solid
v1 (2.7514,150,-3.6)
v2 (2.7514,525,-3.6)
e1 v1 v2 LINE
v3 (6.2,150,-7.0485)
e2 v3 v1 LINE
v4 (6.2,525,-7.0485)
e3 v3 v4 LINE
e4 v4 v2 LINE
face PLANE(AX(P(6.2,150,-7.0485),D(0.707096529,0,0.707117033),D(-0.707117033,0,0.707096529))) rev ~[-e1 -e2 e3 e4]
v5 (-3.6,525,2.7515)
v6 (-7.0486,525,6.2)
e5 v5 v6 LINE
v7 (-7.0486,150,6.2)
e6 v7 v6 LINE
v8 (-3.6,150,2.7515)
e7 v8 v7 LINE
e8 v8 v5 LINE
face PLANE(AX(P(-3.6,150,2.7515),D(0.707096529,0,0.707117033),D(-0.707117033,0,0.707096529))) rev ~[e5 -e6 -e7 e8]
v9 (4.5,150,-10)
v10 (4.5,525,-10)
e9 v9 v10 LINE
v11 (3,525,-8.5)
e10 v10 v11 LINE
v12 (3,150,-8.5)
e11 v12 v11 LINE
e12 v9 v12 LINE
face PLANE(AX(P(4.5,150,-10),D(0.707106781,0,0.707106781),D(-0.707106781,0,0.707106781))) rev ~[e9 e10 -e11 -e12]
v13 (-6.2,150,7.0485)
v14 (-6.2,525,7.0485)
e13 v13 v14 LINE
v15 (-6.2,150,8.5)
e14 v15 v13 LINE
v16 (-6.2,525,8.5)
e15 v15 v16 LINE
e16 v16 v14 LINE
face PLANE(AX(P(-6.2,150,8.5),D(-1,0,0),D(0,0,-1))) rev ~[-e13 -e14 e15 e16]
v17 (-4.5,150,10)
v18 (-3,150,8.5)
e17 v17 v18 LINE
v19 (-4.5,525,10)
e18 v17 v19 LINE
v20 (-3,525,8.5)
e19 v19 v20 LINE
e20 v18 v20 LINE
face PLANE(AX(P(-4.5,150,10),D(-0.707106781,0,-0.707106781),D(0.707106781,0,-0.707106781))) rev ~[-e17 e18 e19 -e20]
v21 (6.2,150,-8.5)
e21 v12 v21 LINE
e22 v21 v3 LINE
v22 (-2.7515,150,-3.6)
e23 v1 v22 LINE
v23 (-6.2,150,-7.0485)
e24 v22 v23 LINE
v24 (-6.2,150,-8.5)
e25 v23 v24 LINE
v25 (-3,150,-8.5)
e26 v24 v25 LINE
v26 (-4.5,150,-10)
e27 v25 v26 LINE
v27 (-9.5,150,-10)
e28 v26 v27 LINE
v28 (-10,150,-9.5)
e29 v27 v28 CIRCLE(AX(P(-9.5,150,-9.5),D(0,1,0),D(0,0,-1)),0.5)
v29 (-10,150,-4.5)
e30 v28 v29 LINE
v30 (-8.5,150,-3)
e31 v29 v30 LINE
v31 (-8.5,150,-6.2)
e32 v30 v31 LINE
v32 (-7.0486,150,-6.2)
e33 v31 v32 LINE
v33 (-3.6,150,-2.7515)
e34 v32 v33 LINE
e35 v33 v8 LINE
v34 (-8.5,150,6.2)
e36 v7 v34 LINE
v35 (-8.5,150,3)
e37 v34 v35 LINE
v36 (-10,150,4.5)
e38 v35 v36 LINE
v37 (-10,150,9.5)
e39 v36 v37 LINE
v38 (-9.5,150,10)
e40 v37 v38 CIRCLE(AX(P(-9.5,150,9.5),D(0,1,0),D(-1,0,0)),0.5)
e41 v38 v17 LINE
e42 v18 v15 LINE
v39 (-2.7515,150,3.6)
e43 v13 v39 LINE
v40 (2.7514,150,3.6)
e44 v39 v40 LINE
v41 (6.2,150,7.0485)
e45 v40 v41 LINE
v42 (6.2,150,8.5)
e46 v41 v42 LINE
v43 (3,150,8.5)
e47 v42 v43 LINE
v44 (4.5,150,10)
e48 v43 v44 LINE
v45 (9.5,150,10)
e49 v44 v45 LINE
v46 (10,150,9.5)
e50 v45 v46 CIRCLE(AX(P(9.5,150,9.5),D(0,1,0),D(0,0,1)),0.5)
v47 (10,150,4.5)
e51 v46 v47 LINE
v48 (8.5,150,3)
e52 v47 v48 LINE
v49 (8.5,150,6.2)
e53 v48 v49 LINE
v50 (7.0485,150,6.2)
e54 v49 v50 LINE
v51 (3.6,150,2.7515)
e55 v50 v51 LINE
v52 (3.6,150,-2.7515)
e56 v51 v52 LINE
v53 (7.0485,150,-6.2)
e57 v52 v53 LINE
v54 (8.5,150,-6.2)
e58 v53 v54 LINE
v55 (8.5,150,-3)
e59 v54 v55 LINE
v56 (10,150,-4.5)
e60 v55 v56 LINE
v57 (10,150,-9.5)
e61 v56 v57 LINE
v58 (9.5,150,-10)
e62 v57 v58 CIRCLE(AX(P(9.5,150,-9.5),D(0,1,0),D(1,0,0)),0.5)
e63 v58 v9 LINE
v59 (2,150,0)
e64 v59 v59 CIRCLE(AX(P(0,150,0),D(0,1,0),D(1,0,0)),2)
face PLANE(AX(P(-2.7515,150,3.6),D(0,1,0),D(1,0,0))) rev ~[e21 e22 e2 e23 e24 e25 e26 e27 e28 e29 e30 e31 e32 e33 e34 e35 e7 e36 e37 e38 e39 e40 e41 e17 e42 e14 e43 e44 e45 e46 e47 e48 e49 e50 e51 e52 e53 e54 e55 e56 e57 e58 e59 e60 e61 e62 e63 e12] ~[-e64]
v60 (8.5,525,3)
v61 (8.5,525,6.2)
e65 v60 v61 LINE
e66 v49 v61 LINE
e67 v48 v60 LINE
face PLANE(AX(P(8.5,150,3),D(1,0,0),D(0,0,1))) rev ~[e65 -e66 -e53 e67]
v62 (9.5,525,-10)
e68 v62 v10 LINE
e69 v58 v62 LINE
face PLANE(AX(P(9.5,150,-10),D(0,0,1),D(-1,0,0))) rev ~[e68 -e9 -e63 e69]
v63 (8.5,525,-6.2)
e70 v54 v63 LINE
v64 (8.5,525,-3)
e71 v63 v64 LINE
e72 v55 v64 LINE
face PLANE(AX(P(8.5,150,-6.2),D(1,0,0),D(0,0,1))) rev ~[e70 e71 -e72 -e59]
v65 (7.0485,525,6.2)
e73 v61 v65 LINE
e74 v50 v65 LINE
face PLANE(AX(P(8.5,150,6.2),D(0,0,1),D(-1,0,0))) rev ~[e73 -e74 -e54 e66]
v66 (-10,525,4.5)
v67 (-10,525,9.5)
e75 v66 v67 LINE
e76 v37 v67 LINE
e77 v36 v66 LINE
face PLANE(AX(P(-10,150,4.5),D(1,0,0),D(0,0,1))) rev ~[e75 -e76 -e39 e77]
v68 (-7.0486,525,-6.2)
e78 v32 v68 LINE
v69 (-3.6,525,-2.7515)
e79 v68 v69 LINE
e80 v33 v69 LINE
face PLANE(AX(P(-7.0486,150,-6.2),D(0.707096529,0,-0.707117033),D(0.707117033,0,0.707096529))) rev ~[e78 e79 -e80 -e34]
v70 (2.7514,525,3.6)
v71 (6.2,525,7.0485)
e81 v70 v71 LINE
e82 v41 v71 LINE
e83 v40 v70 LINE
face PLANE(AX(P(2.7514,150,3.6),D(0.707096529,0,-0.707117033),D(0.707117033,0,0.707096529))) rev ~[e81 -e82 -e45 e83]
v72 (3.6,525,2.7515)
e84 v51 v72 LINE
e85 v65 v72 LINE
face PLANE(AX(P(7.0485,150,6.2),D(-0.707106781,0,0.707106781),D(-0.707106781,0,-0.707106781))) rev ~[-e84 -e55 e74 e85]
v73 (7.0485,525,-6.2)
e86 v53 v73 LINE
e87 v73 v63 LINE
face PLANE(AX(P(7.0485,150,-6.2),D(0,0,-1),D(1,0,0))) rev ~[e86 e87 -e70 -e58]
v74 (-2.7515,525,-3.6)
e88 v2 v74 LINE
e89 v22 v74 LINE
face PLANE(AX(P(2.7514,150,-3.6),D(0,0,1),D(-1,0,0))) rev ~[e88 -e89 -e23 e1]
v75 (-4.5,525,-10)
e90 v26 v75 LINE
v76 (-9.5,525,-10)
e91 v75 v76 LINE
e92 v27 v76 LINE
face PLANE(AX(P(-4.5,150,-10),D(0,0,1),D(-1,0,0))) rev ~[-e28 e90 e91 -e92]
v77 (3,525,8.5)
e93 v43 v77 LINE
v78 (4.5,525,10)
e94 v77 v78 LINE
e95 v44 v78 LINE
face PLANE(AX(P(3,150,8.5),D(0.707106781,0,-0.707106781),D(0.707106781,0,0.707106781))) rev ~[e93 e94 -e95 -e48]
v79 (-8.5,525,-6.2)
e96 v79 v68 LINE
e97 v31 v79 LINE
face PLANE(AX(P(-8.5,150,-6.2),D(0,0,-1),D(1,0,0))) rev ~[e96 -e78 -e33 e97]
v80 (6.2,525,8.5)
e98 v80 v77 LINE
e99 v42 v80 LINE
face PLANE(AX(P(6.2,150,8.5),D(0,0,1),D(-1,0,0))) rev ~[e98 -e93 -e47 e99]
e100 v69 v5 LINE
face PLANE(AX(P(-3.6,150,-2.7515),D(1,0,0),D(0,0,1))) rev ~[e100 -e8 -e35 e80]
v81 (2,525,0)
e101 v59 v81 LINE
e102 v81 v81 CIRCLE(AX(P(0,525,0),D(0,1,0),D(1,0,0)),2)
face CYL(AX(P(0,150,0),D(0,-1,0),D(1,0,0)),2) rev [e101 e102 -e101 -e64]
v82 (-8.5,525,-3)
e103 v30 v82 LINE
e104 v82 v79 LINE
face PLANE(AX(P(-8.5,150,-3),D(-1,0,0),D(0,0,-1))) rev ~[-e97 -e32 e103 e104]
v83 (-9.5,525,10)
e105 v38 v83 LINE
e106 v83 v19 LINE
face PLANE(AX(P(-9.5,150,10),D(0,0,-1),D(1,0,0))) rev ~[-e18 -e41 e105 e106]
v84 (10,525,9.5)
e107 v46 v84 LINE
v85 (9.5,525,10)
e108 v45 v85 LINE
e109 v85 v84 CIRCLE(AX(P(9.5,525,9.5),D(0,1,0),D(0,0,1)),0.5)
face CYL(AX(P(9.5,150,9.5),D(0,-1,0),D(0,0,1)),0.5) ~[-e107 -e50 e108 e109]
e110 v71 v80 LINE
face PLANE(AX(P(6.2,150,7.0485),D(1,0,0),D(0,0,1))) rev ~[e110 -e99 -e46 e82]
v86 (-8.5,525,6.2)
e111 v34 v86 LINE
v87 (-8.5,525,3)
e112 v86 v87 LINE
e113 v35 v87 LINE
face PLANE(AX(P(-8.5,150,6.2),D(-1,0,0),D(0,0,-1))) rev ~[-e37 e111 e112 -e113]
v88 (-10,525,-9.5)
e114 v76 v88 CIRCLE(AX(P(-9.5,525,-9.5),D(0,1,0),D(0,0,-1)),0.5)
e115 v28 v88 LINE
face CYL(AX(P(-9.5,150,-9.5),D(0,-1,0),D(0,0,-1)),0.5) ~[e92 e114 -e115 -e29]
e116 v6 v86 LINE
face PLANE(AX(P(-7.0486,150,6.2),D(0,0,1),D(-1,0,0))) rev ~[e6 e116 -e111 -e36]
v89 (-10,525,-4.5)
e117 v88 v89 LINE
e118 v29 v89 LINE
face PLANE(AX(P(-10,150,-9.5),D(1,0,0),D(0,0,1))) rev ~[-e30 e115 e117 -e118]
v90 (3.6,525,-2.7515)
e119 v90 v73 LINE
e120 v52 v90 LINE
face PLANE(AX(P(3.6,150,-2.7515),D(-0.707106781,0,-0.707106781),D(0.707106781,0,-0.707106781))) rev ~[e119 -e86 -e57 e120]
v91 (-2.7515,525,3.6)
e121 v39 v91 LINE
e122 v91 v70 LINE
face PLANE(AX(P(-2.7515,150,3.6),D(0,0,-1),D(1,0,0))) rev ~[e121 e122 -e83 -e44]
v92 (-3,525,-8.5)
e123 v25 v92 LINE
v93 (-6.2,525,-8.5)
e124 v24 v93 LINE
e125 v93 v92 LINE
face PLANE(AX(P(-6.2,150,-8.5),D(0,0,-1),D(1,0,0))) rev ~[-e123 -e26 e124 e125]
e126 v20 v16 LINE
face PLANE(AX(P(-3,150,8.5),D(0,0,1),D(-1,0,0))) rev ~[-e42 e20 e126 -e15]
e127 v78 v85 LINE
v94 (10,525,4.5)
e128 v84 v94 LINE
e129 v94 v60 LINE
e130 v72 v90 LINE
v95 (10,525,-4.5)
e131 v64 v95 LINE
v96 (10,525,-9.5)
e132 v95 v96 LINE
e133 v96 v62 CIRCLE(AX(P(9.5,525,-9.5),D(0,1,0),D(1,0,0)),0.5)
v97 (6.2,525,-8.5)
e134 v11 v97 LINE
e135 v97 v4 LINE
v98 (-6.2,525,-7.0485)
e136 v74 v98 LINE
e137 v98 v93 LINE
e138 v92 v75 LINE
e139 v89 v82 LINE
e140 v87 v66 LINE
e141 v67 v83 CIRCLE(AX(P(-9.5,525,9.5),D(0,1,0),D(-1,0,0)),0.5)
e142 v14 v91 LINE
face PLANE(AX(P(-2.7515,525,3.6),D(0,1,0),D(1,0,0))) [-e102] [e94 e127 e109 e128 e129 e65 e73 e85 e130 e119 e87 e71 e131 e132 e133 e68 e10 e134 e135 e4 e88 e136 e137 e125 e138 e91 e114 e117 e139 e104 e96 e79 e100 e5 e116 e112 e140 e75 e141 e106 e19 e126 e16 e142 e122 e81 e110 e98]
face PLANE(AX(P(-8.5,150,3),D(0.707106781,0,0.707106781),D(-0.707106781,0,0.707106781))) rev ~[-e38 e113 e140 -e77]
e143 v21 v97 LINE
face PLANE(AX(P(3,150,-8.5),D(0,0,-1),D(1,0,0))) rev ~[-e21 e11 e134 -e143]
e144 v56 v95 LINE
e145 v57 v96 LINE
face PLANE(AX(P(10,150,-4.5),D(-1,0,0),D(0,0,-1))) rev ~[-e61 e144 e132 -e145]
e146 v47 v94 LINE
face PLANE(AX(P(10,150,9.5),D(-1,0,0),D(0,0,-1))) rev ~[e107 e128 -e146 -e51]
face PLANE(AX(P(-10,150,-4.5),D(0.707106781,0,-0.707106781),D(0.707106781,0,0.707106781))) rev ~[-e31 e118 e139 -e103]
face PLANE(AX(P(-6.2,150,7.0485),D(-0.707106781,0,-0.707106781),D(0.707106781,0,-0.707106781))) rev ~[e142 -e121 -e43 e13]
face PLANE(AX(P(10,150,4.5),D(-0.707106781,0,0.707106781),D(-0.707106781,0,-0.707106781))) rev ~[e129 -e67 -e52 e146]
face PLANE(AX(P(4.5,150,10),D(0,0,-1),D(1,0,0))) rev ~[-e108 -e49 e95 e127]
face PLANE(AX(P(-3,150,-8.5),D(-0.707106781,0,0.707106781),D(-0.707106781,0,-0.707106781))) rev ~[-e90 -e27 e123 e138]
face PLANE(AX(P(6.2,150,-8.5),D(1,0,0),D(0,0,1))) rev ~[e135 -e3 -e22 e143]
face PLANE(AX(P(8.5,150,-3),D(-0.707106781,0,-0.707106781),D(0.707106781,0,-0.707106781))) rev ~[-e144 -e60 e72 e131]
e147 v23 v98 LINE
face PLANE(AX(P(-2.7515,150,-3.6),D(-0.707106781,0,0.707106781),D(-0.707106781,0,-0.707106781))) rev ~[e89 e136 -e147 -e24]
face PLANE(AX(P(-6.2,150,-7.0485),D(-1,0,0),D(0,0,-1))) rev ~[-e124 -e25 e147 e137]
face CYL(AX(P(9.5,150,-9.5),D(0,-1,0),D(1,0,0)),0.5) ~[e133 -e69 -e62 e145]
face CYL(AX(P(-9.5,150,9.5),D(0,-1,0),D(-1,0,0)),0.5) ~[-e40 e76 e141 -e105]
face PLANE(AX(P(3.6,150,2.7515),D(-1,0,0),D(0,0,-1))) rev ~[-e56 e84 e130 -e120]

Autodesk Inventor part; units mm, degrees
ref_plane "YZ Plane" through (0, 0, 0) normal (1, 0, 0) x (0, 1, 0)
ref_plane "XZ Plane" through (0, 0, 0) normal (0, 1, 0) x (-1, 0, 0)
ref_plane "Work Plane1" through (-2.7515, 150, 3.6) normal (0, 1, 0) x (1, 0, 0)
sketch "Sketch1" plane through (-2.7515, 150, 3.6) normal (0, 1, 0) x (1, 0, 0)
  arc A0 (-6.7485, 13.6) -> (-7.2485, 13.1) centre (-6.7485, 13.1) ccw projected
  line L0 (-7.2485, 13.1) -> (-7.2485, 8.1) projected
  line L1 (-7.2485, 8.1) -> (-5.7485, 6.6) projected
  line L2 (-5.7485, 6.6) -> (-5.7485, 9.8) projected
  line L3 (-5.7485, 9.8) -> (-4.2971, 9.8) projected
  line L4 (-4.2971, 9.8) -> (-0.8485, 6.3515) projected
  line L5 (-0.8485, 6.3515) -> (-0.8485, 0.8485) projected
  line L6 (-0.8485, 0.8485) -> (-4.2971, -2.6) projected
  line L7 (-4.2971, -2.6) -> (-5.7485, -2.6) projected
  line L8 (-5.7485, -2.6) -> (-5.7485, 0.6) projected
  line L9 (-5.7485, 0.6) -> (-7.2485, -0.9) projected
  line L10 (-7.2485, -0.9) -> (-7.2485, -5.9) projected
  arc A1 (-7.2485, -5.9) -> (-6.7485, -6.4) centre (-6.7485, -5.9) ccw projected
  line L11 (-6.7485, -6.4) -> (-1.7485, -6.4) projected
  line L12 (-1.7485, -6.4) -> (-0.2485, -4.9) projected
  line L13 (-0.2485, -4.9) -> (-3.4485, -4.9) projected
  line L14 (-3.4485, -4.9) -> (-3.4485, -3.4485) projected
  line L15 (-3.4485, -3.4485) -> (0, 0) projected
  line L16 (0, 0) -> (5.5029, 0) projected
  line L17 (5.5029, 0) -> (8.9515, -3.4485) projected
  line L18 (8.9515, -3.4485) -> (8.9515, -4.9) projected
  line L19 (8.9515, -4.9) -> (5.7515, -4.9) projected
  line L20 (5.7515, -4.9) -> (7.2515, -6.4) projected
  line L21 (7.2515, -6.4) -> (12.2515, -6.4) projected
  arc A2 (12.2515, -6.4) -> (12.7515, -5.9) centre (12.2515, -5.9) ccw projected
  line L22 (12.7515, -5.9) -> (12.7515, -0.9) projected
  line L23 (12.7515, -0.9) -> (11.2515, 0.6) projected
  line L24 (11.2515, 0.6) -> (11.2515, -2.6) projected
  line L25 (11.2515, -2.6) -> (9.8, -2.6) projected
  line L26 (9.8, -2.6) -> (6.3515, 0.8485) projected
  line L27 (6.3515, 0.8485) -> (6.3515, 6.3515) projected
  line L28 (6.3515, 6.3515) -> (9.8, 9.8) projected
  line L29 (9.8, 9.8) -> (11.2515, 9.8) projected
  line L30 (11.2515, 9.8) -> (11.2515, 6.6) projected
  line L31 (11.2515, 6.6) -> (12.7515, 8.1) projected
  line L32 (12.7515, 8.1) -> (12.7515, 13.1) projected
  arc A3 (12.7515, 13.1) -> (12.2515, 13.6) centre (12.2515, 13.1) ccw projected
  line L33 (12.2515, 13.6) -> (7.2515, 13.6) projected
  line L34 (7.2515, 13.6) -> (5.7515, 12.1) projected
  line L35 (5.7515, 12.1) -> (8.9515, 12.1) projected
  line L36 (8.9515, 12.1) -> (8.9515, 10.6485) projected
  line L37 (8.9515, 10.6485) -> (5.5029, 7.2) projected
  line L38 (5.5029, 7.2) -> (0, 7.2) projected
  line L39 (0, 7.2) -> (-3.4485, 10.6485) projected
  line L40 (-3.4485, 10.6485) -> (-3.4485, 12.1) projected
  line L41 (-3.4485, 12.1) -> (-0.2485, 12.1) projected
  line L42 (-0.2485, 12.1) -> (-1.7485, 13.6) projected
  line L43 (-1.7485, 13.6) -> (-6.7485, 13.6) projected
  circle A4 centre (2.7515, 3.6) radius 2 projected
extrude "Extrusion1" add sketch "Sketch1" along normal blind 375
ref_plane "Work Plane2" through (0, 150, -9.5) normal (1, 0, 0) x (0, 0, -1)
properties part number "20x20mmx150mm alminum profile" material "Steel"
